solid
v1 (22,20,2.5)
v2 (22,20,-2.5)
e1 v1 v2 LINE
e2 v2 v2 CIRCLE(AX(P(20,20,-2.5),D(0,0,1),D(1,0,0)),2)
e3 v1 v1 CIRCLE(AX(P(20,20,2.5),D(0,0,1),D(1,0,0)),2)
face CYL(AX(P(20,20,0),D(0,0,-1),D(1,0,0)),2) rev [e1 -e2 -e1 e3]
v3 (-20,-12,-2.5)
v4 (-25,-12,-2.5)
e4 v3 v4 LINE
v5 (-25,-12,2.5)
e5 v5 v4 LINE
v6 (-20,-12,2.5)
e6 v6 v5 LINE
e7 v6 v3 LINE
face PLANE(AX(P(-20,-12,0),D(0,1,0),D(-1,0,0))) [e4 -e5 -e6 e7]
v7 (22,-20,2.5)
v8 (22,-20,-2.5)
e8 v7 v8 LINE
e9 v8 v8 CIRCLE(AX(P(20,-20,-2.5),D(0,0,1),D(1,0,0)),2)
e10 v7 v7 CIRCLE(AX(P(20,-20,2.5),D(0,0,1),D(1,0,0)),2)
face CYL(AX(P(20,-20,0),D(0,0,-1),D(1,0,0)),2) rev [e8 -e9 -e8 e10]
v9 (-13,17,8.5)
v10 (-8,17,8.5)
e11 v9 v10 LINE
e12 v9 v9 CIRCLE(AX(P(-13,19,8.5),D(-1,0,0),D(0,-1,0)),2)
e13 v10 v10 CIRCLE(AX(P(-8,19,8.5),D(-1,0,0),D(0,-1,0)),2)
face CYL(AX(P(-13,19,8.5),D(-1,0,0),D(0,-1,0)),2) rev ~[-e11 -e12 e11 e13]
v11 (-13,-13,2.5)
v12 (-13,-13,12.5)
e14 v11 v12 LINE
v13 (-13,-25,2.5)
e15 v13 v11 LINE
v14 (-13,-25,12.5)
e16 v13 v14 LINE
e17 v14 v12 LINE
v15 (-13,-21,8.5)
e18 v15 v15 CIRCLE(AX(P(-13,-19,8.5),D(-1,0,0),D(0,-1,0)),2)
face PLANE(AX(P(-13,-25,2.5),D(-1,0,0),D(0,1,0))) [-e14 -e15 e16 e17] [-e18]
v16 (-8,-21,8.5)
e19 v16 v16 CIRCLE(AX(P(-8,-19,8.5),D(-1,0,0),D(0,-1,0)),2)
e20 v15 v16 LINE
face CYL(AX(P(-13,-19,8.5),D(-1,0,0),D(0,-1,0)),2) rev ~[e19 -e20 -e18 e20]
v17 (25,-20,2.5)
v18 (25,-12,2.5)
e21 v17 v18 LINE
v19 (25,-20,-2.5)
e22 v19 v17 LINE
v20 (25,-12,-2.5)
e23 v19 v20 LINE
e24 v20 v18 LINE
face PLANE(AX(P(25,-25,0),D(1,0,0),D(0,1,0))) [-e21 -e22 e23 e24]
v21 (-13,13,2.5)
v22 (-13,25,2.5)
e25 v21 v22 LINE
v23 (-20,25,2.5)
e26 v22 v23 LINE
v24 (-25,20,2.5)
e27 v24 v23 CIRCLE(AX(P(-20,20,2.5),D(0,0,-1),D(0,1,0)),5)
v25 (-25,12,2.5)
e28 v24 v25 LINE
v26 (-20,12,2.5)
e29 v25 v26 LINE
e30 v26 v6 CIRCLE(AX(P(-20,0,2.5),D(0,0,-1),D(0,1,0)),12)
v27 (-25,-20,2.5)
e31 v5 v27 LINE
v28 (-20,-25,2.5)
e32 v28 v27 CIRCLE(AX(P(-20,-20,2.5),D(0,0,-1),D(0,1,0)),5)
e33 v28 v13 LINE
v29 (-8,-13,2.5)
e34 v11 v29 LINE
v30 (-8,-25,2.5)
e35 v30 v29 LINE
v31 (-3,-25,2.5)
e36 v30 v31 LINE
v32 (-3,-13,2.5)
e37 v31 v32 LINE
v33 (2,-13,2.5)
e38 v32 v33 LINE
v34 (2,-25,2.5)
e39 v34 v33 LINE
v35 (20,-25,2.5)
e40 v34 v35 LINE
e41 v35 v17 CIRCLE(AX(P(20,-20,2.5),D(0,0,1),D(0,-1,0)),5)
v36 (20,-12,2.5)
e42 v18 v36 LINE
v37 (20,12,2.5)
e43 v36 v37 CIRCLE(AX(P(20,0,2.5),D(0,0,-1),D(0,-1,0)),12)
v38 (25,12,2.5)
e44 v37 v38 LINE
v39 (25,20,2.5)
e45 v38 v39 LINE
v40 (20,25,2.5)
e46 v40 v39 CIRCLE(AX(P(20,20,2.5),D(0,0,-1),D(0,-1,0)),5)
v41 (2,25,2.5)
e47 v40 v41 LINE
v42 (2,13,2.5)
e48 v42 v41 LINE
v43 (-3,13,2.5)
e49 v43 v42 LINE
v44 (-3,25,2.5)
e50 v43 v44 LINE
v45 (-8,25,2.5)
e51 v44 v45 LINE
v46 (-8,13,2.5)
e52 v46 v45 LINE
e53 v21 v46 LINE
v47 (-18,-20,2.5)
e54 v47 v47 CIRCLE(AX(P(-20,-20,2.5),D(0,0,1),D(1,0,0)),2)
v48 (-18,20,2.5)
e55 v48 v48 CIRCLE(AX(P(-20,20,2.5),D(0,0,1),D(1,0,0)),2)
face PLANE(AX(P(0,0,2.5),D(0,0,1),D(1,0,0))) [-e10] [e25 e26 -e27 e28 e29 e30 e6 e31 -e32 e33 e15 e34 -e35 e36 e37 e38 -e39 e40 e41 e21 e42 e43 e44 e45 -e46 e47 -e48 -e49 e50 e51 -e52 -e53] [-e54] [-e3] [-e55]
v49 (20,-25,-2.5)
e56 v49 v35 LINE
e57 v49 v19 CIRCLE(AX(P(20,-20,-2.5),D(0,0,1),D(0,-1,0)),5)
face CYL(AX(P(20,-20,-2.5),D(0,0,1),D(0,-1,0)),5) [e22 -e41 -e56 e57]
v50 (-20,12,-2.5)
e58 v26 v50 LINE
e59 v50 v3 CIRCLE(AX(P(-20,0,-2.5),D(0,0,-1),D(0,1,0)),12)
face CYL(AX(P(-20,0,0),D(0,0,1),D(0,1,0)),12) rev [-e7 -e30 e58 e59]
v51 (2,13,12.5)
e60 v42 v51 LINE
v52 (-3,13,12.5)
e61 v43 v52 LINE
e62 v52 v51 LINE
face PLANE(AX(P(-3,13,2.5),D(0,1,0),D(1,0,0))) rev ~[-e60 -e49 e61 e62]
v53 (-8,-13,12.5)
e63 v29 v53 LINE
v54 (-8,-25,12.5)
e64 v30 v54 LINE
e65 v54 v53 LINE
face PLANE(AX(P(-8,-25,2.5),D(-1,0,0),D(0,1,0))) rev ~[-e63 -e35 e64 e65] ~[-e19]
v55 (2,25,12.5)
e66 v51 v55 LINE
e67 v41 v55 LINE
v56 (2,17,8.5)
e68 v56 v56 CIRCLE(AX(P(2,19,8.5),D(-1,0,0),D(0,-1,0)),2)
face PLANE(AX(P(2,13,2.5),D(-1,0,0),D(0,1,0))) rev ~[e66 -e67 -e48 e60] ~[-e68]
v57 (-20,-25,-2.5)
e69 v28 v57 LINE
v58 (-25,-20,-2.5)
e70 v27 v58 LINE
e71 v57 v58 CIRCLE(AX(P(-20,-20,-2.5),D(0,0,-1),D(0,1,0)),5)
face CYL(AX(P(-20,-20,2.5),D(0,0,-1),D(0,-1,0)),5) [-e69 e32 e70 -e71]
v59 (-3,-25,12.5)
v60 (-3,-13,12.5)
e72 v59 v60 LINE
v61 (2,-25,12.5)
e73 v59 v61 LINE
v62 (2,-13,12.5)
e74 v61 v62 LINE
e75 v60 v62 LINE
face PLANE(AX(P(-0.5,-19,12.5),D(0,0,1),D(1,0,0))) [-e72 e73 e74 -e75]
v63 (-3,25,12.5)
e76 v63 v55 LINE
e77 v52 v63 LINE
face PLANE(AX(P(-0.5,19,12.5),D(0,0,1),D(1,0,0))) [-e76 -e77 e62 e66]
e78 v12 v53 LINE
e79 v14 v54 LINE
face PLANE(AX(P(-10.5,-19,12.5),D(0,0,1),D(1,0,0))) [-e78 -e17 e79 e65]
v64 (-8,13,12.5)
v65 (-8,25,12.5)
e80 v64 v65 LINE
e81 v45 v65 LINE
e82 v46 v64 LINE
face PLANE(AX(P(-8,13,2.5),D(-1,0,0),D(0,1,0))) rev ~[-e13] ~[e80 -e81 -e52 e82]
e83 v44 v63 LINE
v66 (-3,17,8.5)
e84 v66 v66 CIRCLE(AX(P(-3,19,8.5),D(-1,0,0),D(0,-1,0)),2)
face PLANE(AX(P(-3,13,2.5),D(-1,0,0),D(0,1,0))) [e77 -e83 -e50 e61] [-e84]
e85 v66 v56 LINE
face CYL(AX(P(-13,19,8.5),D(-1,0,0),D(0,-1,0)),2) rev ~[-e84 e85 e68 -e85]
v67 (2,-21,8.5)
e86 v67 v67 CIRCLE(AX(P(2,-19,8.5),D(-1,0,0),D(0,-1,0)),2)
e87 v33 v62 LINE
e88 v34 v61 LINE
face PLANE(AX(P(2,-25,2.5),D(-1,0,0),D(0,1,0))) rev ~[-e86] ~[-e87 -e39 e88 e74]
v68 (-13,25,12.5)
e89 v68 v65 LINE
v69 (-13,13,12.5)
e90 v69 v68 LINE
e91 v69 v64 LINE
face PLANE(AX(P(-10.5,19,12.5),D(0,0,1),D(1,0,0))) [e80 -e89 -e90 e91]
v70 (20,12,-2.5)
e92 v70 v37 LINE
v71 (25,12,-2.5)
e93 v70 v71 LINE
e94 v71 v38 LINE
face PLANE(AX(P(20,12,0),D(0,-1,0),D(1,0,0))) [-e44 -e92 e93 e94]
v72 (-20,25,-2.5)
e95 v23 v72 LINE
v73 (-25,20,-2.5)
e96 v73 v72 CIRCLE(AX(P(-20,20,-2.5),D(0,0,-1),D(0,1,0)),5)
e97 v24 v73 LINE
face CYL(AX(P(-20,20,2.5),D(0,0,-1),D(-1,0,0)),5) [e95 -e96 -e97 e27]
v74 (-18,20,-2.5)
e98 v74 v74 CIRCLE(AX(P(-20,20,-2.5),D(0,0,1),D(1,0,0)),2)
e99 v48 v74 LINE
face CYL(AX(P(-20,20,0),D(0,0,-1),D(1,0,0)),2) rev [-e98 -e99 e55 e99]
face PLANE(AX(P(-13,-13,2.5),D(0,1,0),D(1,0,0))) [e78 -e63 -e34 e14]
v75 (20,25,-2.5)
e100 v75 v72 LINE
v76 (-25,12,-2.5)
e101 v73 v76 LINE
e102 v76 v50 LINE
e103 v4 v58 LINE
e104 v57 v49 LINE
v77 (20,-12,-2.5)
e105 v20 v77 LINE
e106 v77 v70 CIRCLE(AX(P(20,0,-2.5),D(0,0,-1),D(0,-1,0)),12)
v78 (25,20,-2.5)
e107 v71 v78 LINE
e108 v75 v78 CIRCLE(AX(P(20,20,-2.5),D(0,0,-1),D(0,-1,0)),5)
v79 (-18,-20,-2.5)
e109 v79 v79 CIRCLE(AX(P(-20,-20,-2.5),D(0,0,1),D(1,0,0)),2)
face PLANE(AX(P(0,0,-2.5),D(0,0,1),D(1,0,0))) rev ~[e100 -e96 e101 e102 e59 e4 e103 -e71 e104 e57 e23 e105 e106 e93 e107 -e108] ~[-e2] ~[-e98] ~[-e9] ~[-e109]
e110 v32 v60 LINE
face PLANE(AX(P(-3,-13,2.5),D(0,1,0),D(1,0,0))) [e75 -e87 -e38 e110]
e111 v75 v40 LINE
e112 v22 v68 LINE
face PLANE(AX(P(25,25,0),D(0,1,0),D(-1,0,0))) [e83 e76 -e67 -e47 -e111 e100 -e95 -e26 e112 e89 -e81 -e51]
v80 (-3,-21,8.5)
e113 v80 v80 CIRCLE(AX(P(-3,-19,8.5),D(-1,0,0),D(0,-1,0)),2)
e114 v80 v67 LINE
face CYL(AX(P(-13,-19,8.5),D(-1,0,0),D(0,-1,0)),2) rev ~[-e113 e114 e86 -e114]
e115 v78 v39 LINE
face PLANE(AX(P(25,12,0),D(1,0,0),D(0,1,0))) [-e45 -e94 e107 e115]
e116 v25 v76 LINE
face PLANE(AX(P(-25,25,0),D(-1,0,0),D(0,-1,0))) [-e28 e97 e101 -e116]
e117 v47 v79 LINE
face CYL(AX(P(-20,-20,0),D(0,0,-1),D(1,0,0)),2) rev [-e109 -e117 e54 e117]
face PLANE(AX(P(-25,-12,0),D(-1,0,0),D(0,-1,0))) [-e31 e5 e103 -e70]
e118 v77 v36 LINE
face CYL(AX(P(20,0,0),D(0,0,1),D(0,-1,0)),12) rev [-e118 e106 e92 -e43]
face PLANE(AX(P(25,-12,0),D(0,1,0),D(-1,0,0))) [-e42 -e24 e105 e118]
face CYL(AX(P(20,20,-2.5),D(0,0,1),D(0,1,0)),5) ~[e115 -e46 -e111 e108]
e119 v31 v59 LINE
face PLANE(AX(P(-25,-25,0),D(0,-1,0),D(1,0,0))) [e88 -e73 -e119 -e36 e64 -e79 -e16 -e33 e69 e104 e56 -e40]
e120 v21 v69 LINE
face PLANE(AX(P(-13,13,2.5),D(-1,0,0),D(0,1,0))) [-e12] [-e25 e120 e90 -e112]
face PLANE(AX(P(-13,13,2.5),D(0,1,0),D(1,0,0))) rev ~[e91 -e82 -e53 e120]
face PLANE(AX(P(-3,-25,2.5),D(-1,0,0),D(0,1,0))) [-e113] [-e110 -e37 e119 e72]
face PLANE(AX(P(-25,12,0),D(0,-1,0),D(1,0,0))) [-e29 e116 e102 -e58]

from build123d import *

# Parameters (mm, degrees)
SKETCH_1_R          = 2
EXTRUDE_1_DEPTH     = 2.5
FILLET_1_R          = 5
SKETCH_2_W          = 5
SKETCH_2_H          = 12
EXTRUDE_2_DEPTH     = 10
SKETCH_3_R          = 2
CUT_EXTRUDE_1_DEPTH = 48.172555581


with BuildPart() as part:
    # 草图1 → 凸台-拉伸1 (new, symmetric)
    with BuildSketch(Plane.XY):
        with BuildLine():
            Line((-25, -25), (25, -25))
            Line((25, -25), (25, -12))
            Line((25, -12), (20, -12))
            ThreePointArc((20, -12), (8, 0), (20, 12))
            Line((20, 12), (25, 12))
            Line((25, 12), (25, 25))
            Line((25, 25), (-25, 25))
            Line((-25, 25), (-25, 12))
            Line((-25, 12), (-20, 12))
            ThreePointArc((-20, 12), (-8, 0), (-20, -12))
            Line((-20, -12), (-25, -12))
            Line((-25, -12), (-25, -25))
        make_face()
        with Locations((-20, 20)):
            Circle(SKETCH_1_R, mode=Mode.SUBTRACT)
        with Locations((-20, -20)):
            Circle(SKETCH_1_R, mode=Mode.SUBTRACT)
        with Locations((20, 20)):
            Circle(SKETCH_1_R, mode=Mode.SUBTRACT)
        with Locations((20, -20)):
            Circle(SKETCH_1_R, mode=Mode.SUBTRACT)
    extrude(amount=EXTRUDE_1_DEPTH, both=True)

    # 圆角1
    fillet_1_edges = [part.edges().sort_by_distance(p)[0] for p in [
        (-25, 25, 0),
        (25, 25, 0),
        (25, -25, 0),
        (-25, -25, 0),
    ]]
    fillet(fillet_1_edges, radius=FILLET_1_R)

    # 草图2 → 凸台-拉伸2 (add)
    with BuildSketch(Plane.XY.offset(2.5)):
        with Locations((-10.5, 19)):
            Rectangle(SKETCH_2_W, SKETCH_2_H)
        with Locations((-0.5, -19)):
            Rectangle(SKETCH_2_W, SKETCH_2_H)
        with Locations((-0.5, 19)):
            Rectangle(SKETCH_2_W, SKETCH_2_H)
        with Locations((-10.5, -19)):
            Rectangle(SKETCH_2_W, SKETCH_2_H)
    extrude(amount=EXTRUDE_2_DEPTH)

    # 草图3 → 切除-拉伸1 (cut, through all)
    with BuildSketch(Plane.ZY.offset(13)):
        with Locations(Location((8.5, 19, 0), (0, 0, 270))):
            Circle(SKETCH_3_R)
        with Locations(Location((8.5, -19, 0), (0, 0, 270))):
            Circle(SKETCH_3_R)
    extrude(amount=-CUT_EXTRUDE_1_DEPTH, mode=Mode.SUBTRACT)


solid = part.part
